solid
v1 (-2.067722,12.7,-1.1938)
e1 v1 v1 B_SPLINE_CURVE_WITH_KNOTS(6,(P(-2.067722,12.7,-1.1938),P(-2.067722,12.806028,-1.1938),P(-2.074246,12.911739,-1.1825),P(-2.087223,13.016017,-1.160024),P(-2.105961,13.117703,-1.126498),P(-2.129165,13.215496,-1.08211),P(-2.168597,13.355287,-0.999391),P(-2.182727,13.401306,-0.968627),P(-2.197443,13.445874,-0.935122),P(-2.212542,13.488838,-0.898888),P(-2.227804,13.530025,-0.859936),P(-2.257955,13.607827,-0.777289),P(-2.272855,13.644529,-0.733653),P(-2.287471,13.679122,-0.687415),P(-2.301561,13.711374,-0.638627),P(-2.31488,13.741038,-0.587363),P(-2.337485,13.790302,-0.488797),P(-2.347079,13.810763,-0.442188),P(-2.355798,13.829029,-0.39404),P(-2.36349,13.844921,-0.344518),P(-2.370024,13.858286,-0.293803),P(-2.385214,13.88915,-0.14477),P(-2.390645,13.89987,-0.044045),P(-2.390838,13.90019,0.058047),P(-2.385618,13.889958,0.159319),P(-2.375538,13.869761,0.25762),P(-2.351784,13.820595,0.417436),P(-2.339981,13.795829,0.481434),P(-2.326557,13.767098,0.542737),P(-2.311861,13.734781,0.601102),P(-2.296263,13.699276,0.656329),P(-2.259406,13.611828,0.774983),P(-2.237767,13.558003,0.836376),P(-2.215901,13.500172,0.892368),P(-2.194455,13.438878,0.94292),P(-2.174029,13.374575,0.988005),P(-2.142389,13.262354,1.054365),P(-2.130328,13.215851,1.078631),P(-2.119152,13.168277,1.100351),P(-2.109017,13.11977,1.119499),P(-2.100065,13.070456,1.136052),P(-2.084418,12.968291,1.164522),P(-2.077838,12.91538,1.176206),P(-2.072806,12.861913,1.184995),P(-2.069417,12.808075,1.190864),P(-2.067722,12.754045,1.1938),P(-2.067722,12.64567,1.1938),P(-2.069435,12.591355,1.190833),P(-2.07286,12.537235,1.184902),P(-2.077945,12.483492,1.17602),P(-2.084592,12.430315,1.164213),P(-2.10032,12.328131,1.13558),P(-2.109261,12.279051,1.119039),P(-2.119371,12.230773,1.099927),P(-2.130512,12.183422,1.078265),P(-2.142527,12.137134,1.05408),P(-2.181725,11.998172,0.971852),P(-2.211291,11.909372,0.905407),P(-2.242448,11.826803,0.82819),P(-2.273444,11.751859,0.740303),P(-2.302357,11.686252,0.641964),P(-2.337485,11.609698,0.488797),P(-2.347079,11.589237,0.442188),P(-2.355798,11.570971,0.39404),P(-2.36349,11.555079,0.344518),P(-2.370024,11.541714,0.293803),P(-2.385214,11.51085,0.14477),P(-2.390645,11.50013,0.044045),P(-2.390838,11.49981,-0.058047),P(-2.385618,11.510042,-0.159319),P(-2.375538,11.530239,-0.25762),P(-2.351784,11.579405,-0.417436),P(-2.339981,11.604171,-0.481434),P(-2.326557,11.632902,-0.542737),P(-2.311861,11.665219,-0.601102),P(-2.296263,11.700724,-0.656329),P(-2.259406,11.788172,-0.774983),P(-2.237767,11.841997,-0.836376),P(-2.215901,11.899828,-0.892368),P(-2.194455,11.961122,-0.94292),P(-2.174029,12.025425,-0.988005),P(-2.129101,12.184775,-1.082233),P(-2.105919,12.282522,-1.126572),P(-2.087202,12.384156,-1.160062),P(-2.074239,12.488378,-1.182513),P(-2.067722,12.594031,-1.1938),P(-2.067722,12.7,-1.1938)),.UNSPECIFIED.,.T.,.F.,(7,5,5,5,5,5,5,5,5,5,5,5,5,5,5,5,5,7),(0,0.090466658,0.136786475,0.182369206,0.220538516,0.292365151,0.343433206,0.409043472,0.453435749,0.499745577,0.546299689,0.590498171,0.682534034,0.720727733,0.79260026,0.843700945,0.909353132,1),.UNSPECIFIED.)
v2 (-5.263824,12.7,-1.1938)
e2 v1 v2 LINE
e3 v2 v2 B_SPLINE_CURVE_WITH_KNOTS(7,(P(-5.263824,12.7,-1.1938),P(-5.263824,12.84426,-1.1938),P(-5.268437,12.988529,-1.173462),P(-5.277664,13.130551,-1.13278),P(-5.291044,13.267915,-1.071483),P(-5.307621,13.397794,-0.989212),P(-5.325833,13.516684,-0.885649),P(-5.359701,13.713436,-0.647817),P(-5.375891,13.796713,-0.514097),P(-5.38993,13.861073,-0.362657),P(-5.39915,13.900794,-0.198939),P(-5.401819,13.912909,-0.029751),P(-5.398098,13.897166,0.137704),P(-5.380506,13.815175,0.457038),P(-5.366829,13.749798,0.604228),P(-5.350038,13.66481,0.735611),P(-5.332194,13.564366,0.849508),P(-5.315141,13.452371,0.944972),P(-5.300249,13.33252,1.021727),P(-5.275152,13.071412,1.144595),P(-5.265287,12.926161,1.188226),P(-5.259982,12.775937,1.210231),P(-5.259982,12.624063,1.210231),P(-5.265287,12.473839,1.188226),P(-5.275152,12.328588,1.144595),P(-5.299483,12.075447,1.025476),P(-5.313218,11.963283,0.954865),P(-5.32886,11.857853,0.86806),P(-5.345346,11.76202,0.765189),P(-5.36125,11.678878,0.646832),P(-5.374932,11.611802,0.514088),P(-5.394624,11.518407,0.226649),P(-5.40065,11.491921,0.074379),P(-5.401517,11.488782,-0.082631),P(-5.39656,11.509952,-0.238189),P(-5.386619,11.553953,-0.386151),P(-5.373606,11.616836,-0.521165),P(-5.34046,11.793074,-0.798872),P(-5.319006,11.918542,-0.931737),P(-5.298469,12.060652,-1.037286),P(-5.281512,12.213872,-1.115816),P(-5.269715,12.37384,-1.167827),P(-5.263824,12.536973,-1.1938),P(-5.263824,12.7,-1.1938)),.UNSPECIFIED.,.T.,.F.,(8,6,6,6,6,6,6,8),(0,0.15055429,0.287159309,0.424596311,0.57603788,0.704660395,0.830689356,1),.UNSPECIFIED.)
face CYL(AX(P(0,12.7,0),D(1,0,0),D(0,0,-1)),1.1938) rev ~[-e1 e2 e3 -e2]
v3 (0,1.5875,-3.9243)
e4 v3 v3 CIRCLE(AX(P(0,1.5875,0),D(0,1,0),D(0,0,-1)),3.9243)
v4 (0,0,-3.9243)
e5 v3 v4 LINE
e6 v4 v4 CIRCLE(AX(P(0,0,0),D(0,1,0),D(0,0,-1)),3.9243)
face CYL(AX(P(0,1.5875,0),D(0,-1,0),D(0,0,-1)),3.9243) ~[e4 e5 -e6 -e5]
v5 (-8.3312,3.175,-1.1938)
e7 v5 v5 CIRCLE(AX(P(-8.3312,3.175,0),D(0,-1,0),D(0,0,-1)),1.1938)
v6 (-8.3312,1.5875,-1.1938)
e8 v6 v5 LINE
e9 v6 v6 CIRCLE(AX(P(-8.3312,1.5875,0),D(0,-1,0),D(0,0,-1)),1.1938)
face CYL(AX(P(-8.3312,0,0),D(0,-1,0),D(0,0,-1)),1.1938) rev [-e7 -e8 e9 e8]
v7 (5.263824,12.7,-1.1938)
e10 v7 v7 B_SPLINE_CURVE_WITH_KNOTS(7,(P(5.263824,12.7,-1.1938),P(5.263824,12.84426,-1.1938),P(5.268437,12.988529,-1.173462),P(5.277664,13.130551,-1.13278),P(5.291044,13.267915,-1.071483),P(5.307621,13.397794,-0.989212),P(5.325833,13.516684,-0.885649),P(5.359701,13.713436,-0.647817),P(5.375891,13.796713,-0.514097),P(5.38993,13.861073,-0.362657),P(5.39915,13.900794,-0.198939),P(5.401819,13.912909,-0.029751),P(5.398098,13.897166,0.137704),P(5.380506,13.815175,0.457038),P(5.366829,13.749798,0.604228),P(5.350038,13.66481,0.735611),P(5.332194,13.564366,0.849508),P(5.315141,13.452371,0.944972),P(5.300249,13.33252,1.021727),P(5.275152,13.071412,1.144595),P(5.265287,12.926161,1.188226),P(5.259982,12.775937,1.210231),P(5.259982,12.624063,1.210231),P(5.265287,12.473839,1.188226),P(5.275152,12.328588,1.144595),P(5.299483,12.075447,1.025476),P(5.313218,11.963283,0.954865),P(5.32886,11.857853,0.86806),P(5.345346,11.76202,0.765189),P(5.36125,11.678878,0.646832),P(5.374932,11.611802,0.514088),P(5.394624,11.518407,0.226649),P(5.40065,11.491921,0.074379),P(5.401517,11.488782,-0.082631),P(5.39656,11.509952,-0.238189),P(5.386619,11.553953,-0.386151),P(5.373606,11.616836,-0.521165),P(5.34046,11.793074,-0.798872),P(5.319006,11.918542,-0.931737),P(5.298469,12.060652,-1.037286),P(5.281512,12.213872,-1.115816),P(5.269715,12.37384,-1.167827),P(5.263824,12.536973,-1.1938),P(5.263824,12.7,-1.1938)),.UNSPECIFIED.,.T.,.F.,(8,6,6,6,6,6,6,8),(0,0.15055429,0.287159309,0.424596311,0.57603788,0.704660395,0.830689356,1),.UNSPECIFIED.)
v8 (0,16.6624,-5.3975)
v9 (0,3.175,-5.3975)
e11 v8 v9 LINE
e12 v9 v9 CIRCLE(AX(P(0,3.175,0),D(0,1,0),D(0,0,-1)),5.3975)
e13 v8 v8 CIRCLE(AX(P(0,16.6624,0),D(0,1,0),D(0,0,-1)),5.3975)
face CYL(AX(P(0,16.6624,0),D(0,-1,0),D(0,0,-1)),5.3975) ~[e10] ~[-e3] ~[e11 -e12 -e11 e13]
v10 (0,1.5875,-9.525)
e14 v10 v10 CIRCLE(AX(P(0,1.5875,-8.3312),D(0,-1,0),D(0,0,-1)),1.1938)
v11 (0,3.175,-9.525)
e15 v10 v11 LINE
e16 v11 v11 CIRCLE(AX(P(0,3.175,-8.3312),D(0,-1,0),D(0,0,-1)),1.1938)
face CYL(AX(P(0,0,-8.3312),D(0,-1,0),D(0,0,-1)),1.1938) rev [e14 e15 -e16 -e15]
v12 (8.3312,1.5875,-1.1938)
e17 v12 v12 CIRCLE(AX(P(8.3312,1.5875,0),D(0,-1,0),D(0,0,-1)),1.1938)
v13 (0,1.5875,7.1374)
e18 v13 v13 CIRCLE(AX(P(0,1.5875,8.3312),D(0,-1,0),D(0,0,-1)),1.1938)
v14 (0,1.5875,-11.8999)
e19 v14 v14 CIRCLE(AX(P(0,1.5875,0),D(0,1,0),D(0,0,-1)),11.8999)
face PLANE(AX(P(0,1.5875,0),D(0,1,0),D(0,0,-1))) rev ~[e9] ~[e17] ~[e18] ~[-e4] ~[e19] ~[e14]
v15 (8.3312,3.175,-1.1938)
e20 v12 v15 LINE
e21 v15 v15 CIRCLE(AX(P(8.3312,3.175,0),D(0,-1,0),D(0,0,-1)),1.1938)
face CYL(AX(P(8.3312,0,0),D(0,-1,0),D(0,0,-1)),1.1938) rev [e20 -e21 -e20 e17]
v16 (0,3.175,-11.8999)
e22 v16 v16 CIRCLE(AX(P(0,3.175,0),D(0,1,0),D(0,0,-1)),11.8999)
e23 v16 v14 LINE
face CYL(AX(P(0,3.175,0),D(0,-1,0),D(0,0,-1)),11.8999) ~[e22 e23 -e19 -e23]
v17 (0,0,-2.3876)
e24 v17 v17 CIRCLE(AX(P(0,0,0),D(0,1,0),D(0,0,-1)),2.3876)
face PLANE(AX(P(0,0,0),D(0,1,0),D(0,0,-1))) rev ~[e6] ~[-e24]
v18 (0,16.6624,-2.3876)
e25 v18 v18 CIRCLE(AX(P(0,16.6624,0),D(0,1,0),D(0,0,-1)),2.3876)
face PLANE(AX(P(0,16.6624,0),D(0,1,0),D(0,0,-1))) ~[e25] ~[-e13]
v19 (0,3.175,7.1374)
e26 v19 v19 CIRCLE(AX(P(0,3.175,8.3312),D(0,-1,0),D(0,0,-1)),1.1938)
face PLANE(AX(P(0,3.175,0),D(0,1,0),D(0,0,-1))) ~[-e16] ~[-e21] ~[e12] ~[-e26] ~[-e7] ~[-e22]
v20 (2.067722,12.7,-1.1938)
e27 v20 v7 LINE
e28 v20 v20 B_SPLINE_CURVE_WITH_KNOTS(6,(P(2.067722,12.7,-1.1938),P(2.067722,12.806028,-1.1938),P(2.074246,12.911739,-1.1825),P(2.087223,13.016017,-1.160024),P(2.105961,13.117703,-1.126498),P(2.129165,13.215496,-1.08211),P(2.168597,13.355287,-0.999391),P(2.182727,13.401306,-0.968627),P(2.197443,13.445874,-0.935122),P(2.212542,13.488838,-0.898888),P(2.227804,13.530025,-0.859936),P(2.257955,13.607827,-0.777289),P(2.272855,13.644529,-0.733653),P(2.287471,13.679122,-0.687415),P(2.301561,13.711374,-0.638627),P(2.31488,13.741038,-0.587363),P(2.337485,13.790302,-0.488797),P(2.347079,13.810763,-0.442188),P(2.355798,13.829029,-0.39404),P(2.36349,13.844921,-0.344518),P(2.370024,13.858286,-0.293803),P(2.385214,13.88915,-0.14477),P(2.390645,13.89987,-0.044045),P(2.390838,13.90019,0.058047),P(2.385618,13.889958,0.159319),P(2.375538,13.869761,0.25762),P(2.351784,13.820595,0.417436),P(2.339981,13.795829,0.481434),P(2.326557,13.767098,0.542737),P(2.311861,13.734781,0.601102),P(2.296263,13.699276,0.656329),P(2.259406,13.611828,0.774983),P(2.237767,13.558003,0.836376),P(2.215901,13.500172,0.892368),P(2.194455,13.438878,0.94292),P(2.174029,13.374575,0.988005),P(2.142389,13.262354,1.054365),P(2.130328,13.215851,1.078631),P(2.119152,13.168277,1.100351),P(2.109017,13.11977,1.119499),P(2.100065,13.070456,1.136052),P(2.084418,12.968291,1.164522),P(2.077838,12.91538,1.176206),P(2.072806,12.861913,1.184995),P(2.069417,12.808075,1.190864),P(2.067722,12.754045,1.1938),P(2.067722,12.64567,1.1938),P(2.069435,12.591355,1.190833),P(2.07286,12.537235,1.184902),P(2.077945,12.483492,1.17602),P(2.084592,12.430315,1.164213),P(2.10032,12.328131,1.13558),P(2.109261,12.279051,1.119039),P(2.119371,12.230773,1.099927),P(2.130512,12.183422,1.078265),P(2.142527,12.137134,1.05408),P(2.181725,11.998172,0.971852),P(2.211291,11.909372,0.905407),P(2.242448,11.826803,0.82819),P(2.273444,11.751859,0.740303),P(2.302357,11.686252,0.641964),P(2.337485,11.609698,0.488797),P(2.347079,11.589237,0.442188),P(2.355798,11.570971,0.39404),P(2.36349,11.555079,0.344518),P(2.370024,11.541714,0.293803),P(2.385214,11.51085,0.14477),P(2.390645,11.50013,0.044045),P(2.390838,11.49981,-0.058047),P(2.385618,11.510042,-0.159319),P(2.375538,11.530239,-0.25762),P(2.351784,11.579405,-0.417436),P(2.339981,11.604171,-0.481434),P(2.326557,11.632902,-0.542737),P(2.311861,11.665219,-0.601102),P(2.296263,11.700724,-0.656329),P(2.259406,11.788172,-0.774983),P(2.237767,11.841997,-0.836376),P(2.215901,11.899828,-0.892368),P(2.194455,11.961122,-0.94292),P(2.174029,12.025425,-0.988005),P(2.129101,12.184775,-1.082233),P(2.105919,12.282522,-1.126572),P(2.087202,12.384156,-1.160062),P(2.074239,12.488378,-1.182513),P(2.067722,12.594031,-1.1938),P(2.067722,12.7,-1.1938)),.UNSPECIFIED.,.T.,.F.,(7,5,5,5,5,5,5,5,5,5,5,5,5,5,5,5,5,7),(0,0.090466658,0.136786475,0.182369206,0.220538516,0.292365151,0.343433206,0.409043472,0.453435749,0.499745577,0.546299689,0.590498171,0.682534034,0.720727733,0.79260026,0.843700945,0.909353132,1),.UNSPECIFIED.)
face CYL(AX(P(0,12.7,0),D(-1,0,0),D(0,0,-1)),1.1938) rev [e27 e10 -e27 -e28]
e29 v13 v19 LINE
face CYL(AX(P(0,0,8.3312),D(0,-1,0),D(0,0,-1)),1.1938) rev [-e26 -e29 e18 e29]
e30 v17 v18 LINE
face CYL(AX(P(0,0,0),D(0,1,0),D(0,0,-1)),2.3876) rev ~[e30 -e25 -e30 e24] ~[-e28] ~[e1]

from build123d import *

# Parameters (mm, degrees)
SKETCH1_5_R             = 1.1938
CUT_EXTRUDE1_DEPTH      = 12.8999
CUT_EXTRUDE1_DEPTH_BACK = 12.8999
SKETCH2_R               = 1.1938
CUT_EXTRUDE2_DEPTH      = 17.6624001


with BuildPart() as part:
    # Sketch1 → Revolve1 (revolve)
    with BuildSketch(Plane(origin=(0, 0, 0), x_dir=(0, 0, -1), z_dir=(1, 0, 0))):
        Polygon((3.9243, 0), (2.3876, 0), (2.3876, 16.6624), (5.3975, 16.6624), (5.3975, 3.175), (11.8999, 3.175), (11.8999, 1.5875), (3.9243, 1.5875), align=None)
    revolve(axis=Axis((0, 0, 0), (0, 1, 0)))

    # Sketch1_5 → Cut-Extrude1 (cut, two sides)
    with BuildSketch(Plane(origin=(0, 0, 0), x_dir=(0, 0, -1), z_dir=(1, 0, 0))) as cut_extrude1_sk:
        with Locations((0, 12.7)):
            Circle(SKETCH1_5_R)
    extrude(amount=CUT_EXTRUDE1_DEPTH, mode=Mode.SUBTRACT)
    extrude(cut_extrude1_sk.sketch, amount=-CUT_EXTRUDE1_DEPTH_BACK, mode=Mode.SUBTRACT)

    # Sketch2 → Cut-Extrude2 (cut, through all)
    with BuildSketch(Plane(origin=(0, 0, 0), x_dir=(1, 0, 0), z_dir=(0, 1, 0))):
        with Locations(Location((-8.3312, 0, 0), (0, 0, 90))):  # turned: the seam where the file's is
            Circle(SKETCH2_R)
        with Locations(Location((0, 8.3312, 0), (0, 0, 90))):  # turned: the seam where the file's is
            Circle(SKETCH2_R)
        with Locations(Location((0, -8.3312, 0), (0, 0, 90))):  # turned: the seam where the file's is
            Circle(SKETCH2_R)
        with Locations(Location((8.3312, 0, 0), (0, 0, 90))):  # turned: the seam where the file's is
            Circle(SKETCH2_R)
    extrude(amount=CUT_EXTRUDE2_DEPTH, mode=Mode.SUBTRACT)


solid = part.part
